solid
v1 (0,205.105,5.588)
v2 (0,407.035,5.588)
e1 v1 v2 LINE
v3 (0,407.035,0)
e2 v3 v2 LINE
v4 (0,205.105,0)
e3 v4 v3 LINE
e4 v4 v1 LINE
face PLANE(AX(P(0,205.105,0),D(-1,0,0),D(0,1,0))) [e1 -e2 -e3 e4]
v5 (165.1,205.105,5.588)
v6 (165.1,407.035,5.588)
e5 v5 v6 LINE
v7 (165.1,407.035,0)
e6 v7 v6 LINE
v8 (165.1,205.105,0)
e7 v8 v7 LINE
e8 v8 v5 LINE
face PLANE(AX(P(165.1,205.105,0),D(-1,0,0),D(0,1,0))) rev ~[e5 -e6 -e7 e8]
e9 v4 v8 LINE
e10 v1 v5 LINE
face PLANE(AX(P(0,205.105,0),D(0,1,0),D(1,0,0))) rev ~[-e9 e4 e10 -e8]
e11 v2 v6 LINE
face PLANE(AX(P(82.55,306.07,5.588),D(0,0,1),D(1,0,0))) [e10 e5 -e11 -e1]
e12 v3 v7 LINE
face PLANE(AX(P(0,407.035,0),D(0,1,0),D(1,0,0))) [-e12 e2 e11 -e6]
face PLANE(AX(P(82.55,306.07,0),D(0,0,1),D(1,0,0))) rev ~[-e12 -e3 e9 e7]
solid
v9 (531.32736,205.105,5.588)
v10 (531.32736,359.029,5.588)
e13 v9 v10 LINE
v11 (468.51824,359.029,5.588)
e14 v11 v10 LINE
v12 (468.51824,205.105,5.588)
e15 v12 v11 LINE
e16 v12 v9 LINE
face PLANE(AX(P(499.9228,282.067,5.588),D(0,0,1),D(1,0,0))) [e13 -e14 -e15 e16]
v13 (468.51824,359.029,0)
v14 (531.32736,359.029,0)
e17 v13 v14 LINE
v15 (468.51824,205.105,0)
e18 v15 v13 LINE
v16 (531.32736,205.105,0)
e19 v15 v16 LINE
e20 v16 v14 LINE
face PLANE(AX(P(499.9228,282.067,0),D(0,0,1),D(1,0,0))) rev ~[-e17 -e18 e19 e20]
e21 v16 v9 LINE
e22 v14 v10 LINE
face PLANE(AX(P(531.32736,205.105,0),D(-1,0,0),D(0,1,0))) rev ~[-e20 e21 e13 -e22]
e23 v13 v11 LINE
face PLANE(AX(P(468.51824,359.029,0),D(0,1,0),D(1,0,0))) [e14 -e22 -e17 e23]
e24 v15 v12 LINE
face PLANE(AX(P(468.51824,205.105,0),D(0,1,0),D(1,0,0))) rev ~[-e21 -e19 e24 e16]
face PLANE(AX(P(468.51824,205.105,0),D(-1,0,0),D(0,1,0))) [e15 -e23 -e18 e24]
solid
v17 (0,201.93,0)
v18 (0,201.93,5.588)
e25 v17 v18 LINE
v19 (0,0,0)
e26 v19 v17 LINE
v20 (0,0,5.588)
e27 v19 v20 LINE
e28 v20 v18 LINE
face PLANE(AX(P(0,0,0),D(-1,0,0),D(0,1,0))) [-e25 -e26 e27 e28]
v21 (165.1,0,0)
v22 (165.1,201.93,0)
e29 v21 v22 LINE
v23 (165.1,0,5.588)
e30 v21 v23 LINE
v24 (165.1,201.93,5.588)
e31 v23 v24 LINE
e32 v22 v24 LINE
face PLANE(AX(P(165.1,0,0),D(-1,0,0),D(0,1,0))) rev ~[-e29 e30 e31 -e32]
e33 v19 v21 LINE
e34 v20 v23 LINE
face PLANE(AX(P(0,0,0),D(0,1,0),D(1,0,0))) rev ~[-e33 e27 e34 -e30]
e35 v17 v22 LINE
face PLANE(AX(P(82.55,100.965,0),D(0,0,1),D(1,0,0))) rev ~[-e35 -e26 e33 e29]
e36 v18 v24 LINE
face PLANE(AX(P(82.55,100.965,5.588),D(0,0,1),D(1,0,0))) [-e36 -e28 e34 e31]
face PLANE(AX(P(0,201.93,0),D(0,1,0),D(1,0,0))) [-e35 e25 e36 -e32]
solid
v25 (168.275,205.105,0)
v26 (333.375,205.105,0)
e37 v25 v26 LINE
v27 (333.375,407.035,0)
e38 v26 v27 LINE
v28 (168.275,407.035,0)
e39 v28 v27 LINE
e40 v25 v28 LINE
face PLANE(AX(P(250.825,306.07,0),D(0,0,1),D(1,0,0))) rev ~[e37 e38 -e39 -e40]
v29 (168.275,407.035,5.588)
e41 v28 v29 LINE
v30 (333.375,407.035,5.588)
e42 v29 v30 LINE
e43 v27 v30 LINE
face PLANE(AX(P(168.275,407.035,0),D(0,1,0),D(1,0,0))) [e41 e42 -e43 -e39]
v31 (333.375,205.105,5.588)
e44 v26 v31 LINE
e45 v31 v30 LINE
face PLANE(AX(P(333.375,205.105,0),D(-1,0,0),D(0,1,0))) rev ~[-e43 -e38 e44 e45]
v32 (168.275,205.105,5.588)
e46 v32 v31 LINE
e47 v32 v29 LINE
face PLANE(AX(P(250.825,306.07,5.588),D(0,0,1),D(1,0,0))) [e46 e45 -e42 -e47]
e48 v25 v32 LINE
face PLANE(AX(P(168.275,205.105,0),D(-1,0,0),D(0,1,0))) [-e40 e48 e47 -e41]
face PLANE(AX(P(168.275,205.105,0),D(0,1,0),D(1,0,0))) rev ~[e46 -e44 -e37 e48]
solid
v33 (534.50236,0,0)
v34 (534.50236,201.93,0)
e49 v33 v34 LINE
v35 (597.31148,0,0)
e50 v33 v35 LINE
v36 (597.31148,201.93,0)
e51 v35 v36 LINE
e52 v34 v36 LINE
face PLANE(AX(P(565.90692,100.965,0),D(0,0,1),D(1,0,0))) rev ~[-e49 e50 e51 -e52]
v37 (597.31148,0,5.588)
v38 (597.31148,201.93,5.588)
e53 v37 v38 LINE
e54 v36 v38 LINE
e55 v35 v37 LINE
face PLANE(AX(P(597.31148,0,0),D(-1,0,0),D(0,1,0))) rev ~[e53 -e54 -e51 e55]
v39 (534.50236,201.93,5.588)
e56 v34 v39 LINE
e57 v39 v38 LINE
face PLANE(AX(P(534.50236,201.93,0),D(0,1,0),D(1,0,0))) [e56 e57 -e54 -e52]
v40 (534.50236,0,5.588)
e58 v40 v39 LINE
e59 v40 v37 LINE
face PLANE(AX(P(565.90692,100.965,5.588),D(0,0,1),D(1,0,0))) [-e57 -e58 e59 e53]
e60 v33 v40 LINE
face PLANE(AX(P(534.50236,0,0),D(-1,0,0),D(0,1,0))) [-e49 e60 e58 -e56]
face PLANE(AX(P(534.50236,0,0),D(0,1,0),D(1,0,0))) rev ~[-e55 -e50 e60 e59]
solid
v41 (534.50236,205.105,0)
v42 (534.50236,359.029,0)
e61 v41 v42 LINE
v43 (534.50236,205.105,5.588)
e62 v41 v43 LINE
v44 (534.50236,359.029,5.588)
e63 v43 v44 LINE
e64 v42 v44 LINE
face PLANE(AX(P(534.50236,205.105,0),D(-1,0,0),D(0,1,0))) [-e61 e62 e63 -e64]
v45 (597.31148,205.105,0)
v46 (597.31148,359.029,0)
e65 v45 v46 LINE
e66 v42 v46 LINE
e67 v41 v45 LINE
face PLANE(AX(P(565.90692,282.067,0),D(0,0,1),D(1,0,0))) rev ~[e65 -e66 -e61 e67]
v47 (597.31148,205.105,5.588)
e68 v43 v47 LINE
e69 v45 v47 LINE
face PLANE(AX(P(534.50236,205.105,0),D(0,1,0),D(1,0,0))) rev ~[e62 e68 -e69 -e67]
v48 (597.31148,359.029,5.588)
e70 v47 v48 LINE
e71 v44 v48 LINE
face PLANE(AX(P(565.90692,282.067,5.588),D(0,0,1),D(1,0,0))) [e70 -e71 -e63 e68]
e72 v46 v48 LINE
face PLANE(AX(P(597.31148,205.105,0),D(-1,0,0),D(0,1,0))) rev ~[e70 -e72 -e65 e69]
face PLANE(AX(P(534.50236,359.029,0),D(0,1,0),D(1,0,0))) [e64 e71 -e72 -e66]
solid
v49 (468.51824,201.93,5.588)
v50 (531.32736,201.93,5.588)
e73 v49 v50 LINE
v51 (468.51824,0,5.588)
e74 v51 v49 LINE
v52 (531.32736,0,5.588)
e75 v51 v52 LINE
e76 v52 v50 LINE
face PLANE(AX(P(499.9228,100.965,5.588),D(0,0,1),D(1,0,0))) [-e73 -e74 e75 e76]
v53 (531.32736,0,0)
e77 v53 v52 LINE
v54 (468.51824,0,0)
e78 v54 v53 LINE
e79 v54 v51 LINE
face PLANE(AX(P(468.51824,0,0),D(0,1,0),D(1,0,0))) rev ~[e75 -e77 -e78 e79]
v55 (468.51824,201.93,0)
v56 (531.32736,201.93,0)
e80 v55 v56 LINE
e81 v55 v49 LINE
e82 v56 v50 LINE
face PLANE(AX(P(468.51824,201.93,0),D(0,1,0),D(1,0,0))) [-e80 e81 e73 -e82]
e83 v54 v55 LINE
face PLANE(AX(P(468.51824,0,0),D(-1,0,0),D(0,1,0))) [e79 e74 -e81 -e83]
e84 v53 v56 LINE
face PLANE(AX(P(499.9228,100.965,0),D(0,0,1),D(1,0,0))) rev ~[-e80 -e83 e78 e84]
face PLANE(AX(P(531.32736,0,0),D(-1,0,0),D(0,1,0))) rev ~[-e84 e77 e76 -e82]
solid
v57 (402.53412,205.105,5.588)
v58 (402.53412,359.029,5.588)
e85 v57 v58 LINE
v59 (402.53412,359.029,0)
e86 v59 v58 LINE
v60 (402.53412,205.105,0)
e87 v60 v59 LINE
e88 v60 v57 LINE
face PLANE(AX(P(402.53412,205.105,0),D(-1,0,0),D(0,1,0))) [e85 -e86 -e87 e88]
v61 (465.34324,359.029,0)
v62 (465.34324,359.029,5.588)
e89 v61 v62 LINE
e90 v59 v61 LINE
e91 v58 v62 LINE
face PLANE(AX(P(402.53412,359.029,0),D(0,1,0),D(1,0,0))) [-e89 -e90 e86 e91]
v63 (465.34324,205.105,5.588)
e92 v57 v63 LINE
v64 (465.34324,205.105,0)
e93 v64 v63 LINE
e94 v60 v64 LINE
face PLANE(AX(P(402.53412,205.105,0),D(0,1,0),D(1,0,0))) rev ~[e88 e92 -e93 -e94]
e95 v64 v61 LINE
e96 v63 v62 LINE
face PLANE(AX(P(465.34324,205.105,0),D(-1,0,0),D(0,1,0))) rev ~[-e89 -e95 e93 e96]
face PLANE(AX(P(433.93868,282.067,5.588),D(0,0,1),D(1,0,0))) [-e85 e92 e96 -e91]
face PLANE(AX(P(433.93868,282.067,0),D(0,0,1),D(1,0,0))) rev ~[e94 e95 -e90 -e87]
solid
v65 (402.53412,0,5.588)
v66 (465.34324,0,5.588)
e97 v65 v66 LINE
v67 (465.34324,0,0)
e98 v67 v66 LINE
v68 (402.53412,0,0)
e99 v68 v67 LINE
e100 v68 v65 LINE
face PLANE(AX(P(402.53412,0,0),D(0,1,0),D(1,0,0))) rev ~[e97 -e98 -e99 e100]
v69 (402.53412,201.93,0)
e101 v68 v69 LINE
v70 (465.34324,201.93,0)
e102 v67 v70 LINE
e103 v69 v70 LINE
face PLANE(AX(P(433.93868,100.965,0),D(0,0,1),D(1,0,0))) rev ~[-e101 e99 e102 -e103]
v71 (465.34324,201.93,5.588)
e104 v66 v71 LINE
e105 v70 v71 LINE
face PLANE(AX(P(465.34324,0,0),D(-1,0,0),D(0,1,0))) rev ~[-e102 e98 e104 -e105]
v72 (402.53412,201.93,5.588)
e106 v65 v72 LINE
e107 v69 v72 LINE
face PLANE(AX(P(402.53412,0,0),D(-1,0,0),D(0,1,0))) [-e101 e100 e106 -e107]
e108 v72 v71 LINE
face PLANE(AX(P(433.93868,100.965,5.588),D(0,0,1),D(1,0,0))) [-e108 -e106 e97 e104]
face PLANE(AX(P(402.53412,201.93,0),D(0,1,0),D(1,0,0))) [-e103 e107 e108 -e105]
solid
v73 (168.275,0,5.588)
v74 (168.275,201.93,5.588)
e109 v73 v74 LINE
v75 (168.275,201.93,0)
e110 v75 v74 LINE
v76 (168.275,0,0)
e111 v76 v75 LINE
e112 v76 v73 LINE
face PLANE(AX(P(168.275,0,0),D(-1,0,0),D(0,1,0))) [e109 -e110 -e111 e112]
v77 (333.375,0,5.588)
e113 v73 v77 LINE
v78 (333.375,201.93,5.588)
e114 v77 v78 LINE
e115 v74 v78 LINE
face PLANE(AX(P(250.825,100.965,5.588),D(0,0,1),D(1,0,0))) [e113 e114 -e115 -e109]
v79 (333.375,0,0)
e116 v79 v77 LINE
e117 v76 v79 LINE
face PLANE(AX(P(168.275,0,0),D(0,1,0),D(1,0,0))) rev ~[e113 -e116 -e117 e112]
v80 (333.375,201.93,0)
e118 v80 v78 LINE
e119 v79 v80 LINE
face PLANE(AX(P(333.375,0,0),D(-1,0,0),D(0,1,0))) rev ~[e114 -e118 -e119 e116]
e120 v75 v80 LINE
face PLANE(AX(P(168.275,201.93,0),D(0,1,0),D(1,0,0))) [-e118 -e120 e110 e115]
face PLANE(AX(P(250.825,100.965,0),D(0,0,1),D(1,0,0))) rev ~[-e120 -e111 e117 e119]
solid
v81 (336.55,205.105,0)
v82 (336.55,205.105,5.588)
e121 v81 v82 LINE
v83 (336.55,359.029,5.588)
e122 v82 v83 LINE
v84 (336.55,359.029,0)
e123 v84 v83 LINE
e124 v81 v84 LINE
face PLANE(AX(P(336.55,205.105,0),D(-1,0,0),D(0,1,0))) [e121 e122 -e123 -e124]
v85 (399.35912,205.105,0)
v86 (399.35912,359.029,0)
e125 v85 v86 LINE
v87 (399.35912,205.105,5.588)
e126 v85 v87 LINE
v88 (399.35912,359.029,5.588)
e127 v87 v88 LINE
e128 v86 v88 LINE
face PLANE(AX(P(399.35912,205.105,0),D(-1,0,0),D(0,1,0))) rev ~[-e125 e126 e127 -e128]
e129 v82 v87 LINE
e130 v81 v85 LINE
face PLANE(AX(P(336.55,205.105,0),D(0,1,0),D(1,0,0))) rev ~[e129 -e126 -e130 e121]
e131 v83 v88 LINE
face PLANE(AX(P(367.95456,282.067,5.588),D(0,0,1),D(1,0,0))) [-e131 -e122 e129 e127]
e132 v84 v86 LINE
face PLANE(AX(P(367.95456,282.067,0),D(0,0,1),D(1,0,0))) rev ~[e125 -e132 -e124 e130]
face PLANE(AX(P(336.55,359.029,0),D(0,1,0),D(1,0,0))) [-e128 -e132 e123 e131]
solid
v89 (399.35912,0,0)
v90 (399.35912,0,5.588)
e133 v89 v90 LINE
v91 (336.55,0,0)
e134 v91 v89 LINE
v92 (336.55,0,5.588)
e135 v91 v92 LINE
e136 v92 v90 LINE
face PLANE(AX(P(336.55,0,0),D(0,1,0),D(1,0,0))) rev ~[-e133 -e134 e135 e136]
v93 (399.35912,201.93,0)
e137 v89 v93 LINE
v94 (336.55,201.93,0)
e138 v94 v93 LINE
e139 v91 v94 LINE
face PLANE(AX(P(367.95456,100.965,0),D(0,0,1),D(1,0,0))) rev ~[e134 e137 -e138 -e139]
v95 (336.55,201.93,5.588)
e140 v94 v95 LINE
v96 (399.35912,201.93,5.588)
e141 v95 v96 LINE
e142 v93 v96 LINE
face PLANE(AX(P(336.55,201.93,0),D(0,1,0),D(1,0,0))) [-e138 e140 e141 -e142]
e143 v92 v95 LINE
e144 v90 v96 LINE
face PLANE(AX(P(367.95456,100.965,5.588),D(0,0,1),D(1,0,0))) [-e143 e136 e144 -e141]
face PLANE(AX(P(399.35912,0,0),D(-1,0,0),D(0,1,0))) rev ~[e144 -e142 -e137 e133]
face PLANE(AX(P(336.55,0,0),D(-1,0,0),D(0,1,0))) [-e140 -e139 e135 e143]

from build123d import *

# Parameters (mm, degrees)
F0_W     = 165.1
F0_H     = 201.93
F0_W_2   = 62.80912
F0_H_2   = 153.924
F1_DEPTH = 5.588


with BuildPart() as f1:
    # F0 (on Top) → F1 (new body)
    with BuildSketch(Plane.XY):
        with Locations((250.825, 100.965)):
            Rectangle(F0_W, F0_H)
        with Locations((565.90692, 100.965)):
            Rectangle(F0_W_2, F0_H)
        with Locations((433.93868, 282.067)):
            Rectangle(F0_W_2, F0_H_2)
        with Locations((433.93868, 100.965)):
            Rectangle(F0_W_2, F0_H)
        with Locations((82.55, 306.07)):
            Rectangle(F0_W, F0_H)
        with Locations((367.95456, 100.965)):
            Rectangle(F0_W_2, F0_H)
        with Locations((250.825, 306.07)):
            Rectangle(F0_W, F0_H)
        with Locations((82.55, 100.965)):
            Rectangle(F0_W, F0_H)
        with Locations((499.9228, 282.067)):
            Rectangle(F0_W_2, F0_H_2)
        with Locations((367.95456, 282.067)):
            Rectangle(F0_W_2, F0_H_2)
        with Locations((499.9228, 100.965)):
            Rectangle(F0_W_2, F0_H)
        with Locations((565.90692, 282.067)):
            Rectangle(F0_W_2, F0_H_2)
    extrude(amount=F1_DEPTH)


solid = f1.part
